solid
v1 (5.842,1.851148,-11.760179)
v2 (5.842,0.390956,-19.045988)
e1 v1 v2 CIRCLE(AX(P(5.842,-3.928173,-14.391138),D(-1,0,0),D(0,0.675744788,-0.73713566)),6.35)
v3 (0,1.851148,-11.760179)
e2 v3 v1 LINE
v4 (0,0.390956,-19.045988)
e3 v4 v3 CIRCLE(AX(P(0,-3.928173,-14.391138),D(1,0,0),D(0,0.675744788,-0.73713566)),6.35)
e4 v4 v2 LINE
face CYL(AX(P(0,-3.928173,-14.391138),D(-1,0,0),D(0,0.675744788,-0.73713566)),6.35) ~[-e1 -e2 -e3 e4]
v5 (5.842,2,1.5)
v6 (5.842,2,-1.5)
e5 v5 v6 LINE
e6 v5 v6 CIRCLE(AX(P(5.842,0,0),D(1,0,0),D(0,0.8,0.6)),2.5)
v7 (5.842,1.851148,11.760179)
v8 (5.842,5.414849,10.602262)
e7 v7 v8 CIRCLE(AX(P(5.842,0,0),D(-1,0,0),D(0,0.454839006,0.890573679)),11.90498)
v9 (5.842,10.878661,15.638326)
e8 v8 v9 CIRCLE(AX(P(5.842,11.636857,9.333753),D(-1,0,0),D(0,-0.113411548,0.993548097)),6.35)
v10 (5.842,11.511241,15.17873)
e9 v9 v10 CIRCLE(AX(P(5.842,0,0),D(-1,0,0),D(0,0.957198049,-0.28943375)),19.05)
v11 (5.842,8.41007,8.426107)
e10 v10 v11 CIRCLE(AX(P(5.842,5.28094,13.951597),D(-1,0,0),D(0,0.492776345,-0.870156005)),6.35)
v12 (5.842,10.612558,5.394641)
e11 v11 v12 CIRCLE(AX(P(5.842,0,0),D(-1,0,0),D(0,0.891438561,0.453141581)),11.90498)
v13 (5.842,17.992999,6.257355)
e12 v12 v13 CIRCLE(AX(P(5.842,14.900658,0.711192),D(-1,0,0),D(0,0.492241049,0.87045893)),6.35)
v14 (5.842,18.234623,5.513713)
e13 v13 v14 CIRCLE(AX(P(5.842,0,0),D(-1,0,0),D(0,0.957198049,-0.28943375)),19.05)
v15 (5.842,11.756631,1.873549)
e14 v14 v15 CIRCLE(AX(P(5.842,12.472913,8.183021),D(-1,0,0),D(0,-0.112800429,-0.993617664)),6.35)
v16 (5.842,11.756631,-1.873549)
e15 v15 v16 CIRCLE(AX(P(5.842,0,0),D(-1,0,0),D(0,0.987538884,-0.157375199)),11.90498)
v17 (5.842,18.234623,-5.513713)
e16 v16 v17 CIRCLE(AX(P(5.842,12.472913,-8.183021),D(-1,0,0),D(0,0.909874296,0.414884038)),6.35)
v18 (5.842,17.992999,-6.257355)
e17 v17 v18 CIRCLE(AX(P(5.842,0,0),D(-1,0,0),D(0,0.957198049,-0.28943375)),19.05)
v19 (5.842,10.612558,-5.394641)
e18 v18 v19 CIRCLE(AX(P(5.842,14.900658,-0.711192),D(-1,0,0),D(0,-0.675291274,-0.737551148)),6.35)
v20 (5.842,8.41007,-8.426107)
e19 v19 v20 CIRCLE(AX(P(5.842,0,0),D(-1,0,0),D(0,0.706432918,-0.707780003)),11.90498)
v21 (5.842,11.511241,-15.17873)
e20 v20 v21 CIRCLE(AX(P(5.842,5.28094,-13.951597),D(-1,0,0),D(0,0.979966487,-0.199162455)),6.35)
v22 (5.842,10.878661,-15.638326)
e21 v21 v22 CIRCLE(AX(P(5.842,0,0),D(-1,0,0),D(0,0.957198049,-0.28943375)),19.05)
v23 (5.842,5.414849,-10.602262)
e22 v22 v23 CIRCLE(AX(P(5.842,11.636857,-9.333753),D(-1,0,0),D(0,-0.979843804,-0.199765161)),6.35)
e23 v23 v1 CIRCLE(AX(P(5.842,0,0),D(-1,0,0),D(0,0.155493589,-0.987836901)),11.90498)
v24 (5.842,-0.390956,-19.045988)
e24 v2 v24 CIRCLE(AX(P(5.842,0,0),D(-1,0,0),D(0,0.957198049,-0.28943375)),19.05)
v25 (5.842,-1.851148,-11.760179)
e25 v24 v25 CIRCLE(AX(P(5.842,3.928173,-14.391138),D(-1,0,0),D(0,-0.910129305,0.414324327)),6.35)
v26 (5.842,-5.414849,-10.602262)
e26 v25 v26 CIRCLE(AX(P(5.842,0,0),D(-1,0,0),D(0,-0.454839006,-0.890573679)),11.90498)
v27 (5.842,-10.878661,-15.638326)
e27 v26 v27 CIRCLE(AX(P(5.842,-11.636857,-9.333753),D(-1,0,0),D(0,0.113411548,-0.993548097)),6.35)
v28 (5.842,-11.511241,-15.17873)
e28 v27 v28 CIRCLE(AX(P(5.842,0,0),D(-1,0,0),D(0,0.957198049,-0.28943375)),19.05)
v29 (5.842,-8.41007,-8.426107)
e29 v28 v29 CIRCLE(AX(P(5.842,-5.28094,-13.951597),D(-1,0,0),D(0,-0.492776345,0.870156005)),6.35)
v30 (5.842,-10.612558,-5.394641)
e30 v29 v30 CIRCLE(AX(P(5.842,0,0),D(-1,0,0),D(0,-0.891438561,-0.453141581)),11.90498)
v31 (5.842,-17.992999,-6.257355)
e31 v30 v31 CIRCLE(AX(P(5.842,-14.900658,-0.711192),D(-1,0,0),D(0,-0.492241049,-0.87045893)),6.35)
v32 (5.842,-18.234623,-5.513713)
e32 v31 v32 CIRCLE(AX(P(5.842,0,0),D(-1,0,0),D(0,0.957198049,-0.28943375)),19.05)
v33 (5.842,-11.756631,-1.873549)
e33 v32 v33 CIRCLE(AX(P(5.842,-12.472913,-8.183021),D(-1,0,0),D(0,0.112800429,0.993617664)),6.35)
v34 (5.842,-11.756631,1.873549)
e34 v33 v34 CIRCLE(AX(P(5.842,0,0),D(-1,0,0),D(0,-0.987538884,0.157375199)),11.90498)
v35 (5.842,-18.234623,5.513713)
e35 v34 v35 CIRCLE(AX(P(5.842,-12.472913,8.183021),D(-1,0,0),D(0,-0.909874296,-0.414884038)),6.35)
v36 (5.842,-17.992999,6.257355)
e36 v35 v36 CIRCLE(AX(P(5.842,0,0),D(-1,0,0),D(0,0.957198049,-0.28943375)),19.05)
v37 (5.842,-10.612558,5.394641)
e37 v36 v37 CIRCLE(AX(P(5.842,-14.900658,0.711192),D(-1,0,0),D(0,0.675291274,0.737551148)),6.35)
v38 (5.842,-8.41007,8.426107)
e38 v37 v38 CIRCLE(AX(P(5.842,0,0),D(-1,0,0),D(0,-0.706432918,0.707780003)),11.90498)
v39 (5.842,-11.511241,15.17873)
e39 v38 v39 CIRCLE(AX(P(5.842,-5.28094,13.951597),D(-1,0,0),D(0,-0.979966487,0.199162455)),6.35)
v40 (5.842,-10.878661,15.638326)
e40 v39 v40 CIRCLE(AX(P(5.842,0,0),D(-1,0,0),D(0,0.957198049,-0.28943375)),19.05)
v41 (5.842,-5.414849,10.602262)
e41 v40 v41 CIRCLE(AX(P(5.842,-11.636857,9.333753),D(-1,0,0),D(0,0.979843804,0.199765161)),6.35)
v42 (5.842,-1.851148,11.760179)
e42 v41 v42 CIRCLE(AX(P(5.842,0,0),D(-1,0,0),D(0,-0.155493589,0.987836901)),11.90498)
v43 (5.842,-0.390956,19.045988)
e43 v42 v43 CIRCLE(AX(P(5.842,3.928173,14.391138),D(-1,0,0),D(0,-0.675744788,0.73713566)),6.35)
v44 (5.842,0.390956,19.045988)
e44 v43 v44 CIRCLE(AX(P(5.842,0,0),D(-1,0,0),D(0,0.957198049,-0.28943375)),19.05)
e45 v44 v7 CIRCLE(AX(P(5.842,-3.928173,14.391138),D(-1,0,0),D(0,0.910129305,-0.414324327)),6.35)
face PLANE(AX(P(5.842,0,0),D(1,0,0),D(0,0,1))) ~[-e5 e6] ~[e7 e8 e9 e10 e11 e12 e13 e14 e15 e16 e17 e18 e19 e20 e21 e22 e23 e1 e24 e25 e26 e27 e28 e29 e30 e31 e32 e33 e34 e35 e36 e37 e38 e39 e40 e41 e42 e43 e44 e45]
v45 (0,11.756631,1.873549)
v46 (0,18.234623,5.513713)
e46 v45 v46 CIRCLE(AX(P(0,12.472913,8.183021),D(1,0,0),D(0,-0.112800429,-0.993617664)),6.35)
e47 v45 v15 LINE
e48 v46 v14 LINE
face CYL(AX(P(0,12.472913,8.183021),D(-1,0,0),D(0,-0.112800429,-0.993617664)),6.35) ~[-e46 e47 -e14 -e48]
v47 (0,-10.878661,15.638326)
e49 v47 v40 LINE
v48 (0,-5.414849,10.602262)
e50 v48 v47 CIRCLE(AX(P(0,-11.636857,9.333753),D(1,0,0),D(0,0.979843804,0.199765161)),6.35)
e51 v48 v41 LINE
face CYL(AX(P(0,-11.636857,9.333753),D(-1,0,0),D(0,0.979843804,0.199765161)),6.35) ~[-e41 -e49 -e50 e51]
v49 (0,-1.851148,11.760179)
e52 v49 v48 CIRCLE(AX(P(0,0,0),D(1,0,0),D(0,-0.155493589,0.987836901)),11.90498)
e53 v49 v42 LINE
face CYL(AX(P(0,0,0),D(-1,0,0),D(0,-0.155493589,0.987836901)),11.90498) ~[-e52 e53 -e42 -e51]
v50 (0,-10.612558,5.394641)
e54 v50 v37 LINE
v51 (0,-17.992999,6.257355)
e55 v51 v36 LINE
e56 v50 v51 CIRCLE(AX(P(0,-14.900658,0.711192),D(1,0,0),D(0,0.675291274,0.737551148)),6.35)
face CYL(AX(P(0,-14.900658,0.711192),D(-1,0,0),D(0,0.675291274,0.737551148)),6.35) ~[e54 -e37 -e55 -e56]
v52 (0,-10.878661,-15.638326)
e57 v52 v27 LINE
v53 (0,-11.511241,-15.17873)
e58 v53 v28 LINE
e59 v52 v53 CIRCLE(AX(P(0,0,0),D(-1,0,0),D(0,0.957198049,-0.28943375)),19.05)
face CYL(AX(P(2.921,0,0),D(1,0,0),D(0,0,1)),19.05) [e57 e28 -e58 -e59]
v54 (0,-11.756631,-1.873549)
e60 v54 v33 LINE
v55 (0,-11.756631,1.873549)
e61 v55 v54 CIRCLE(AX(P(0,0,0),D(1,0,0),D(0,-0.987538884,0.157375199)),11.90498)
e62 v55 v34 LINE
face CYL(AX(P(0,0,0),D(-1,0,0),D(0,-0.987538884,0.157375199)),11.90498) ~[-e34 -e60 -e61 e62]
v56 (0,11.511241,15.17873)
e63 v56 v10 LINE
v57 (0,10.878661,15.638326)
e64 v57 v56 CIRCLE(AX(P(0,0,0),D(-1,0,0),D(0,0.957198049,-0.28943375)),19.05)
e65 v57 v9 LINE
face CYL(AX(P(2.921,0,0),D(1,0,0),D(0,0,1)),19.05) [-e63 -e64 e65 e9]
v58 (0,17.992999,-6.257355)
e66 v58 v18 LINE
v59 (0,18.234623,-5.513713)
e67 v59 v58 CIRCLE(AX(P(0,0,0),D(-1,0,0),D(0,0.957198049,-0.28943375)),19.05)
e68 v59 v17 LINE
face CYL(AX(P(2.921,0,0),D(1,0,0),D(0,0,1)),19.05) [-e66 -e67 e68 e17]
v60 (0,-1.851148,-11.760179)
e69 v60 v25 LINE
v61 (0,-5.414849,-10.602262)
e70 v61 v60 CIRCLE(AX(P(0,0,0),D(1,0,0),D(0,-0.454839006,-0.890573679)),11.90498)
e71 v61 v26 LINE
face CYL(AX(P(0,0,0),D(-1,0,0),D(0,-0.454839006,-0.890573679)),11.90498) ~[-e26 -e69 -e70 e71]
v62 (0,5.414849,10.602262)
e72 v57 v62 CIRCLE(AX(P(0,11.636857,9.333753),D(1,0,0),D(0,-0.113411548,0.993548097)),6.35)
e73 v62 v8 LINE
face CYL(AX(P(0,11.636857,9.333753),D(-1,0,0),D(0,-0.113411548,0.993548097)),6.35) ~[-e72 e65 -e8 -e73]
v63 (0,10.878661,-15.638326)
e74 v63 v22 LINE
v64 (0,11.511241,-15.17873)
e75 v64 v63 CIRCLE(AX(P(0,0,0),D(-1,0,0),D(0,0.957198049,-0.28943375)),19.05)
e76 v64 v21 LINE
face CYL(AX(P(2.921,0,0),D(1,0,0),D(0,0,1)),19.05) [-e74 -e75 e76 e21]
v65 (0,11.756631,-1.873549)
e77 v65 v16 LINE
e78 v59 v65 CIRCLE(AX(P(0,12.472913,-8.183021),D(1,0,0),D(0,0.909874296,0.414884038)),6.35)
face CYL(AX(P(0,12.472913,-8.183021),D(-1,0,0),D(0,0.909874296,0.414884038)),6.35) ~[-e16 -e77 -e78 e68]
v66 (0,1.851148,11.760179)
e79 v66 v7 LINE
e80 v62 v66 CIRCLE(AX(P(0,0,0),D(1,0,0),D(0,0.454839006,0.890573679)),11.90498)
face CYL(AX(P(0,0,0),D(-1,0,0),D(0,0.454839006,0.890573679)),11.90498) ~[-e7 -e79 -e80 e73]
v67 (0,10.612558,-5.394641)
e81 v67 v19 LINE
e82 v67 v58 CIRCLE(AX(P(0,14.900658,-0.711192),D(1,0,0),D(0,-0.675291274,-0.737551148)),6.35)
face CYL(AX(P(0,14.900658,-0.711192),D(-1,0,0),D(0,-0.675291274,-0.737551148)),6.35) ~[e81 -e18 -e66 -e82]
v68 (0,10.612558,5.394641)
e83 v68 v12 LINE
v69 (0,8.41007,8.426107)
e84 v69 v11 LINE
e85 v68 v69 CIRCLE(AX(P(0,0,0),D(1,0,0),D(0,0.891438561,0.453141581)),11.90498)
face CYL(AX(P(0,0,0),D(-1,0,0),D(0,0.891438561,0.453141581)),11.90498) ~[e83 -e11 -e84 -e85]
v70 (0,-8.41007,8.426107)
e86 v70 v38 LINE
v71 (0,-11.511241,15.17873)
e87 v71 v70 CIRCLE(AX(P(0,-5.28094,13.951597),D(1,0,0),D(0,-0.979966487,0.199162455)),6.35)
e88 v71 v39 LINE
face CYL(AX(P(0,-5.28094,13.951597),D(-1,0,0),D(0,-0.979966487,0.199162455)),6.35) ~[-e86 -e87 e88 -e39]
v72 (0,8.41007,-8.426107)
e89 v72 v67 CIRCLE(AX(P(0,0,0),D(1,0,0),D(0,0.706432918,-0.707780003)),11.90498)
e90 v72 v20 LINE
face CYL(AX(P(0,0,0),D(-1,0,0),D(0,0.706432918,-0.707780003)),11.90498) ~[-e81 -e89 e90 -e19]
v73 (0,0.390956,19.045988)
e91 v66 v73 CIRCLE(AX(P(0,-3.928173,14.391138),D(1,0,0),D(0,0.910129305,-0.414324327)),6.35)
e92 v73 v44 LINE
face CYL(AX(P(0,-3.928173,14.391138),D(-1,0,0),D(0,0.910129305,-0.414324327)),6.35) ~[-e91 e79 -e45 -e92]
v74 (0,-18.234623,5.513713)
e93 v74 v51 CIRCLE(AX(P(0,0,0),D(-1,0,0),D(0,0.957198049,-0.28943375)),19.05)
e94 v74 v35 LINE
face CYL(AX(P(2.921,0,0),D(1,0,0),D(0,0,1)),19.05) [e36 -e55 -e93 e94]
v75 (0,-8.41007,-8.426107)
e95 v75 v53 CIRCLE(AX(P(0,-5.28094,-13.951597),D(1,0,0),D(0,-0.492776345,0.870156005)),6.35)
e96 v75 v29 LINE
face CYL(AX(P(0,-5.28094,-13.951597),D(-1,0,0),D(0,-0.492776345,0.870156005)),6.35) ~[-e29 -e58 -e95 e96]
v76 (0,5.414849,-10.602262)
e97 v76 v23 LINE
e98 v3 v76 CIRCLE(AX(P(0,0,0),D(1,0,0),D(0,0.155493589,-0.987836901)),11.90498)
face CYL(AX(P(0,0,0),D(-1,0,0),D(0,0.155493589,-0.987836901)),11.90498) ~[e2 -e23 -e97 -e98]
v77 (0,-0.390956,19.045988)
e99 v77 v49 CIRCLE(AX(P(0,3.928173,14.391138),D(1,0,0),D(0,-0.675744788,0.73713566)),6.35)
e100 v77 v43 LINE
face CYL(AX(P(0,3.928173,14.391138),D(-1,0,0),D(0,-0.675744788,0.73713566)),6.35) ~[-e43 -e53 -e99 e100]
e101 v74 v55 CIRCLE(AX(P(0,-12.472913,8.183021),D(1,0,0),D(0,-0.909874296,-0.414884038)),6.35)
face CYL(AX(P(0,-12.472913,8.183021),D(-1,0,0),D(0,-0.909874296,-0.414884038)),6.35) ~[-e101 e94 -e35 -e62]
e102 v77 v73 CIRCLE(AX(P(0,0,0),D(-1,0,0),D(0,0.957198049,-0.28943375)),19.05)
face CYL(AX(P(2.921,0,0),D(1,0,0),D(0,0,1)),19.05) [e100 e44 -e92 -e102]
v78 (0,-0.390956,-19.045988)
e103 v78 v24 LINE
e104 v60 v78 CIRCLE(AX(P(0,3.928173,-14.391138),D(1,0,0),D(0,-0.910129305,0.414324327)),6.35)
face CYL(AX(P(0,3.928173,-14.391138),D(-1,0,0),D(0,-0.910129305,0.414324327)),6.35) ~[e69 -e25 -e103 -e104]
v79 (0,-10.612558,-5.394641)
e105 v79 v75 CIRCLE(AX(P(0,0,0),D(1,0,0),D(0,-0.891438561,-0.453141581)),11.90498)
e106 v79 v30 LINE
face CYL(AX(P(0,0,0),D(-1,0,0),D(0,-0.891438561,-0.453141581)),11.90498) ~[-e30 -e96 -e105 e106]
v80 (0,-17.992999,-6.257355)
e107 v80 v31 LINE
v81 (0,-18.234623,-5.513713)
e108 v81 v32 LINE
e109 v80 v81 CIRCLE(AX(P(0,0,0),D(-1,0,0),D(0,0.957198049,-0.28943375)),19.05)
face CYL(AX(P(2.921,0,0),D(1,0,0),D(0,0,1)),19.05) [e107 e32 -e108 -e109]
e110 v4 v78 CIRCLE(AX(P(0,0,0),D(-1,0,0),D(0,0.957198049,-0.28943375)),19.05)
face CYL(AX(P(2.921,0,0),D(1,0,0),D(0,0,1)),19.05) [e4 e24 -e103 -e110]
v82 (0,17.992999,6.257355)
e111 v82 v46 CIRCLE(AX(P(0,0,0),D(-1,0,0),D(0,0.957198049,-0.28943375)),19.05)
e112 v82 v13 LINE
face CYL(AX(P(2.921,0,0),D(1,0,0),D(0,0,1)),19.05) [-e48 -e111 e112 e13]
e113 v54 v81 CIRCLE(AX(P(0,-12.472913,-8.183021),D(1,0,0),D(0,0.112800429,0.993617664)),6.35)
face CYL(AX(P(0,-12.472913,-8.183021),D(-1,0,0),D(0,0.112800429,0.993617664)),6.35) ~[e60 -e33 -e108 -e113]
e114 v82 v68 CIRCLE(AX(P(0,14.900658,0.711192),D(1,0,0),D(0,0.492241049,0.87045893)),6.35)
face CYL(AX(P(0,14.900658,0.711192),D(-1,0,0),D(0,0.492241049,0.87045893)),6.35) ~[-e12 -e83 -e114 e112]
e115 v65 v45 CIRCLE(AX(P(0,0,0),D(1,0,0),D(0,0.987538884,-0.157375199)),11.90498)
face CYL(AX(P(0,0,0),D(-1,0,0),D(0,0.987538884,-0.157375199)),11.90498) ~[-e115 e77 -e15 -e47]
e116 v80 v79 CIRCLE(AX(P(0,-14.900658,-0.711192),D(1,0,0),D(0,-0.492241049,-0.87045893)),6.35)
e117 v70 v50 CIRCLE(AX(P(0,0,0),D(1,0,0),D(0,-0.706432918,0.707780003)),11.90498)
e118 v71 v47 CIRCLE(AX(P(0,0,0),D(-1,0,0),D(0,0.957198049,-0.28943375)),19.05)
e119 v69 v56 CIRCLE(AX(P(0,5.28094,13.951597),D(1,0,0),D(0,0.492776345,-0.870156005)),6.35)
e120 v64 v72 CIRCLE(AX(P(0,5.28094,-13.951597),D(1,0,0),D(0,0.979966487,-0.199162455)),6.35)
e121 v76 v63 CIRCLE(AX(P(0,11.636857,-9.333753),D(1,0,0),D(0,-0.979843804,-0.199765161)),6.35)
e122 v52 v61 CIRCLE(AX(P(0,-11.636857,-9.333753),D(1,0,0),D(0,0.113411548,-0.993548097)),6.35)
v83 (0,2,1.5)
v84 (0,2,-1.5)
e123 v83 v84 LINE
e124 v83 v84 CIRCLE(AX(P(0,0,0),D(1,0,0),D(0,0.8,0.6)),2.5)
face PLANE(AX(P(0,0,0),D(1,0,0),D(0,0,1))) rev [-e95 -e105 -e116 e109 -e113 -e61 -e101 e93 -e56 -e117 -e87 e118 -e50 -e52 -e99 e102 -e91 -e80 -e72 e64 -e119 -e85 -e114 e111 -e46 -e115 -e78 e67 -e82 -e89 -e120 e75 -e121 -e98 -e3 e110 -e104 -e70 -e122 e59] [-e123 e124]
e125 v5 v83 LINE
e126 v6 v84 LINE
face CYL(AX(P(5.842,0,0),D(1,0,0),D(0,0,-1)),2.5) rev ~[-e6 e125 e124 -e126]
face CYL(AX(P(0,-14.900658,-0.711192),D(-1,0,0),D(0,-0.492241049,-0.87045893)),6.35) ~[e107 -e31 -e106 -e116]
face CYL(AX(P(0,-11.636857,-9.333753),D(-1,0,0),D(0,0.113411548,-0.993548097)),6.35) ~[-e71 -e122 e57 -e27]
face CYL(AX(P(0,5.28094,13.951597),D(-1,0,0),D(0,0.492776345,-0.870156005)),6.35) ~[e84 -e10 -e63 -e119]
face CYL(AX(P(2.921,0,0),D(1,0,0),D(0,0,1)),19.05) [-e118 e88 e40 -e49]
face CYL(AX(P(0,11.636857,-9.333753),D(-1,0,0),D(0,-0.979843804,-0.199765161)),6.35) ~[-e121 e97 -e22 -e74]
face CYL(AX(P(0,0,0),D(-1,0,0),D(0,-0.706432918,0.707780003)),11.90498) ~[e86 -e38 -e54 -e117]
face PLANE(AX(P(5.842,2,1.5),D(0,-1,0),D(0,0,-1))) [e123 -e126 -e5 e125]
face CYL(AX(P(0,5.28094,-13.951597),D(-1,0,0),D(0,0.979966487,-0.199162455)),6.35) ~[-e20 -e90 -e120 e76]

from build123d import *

# Parameters (mm, degrees)
BASPROSKE_W         = 5.842
BASPROSKE_H         = 19.05
TOOTHCUT_DEPTH      = 28.566899789
TEETHCUTS_COUNT     = 10
TEETHCUTS_ANGLE     = 324
BORSKE_R            = 2.38125
BORE_DEPTH          = 50.8000508
SKETCH1_R           = 2.5
CUT_EXTRUDE1_DEPTH  = 5.842
BOSS_EXTRUDE1_DEPTH = 5.842


with BuildPart() as part:
    # BasProSke → Base-Revolve (revolve)
    with BuildSketch(Plane(origin=(0, 0, 0), x_dir=(1, 0, 0), z_dir=(0, 1, 0)), mode=Mode.PRIVATE) as base_revolve_sk:
        with Locations((2.921, 9.525)):
            Rectangle(BASPROSKE_W, BASPROSKE_H)
    revolve(base_revolve_sk.sketch.rotate(Axis((-10, 0, 0), (1, 0, 0)), 180), axis=Axis((-10, 0, 0), (1, 0, 0)))

    # TooCutSke → ToothCut (cut, through all)
    with BuildSketch(Plane(origin=(0, 0, 0), x_dir=(0, 0, -1), z_dir=(1, 0, 0))):
        with BuildLine():
            ThreePointArc((1.873548596, 11.756630659), (0, 11.90498), (-1.873548596, 11.756630659))
            ThreePointArc((-1.873548596, 11.756630659), (-2.656568084, 15.60034376), (-5.548507123, 18.250615164))
            ThreePointArc((-5.548507123, 18.250615164), (0, 19.0754), (5.548507123, 18.250615164))
            ThreePointArc((5.548507123, 18.250615164), (2.656568084, 15.60034376), (1.873548596, 11.756630659))
        make_face()
    toothcut = extrude(amount=TOOTHCUT_DEPTH, mode=Mode.SUBTRACT)

    # TeethCuts: ToothCut ×10 about axis
    teethcuts_axis = Axis((-10, 0, 0), (1, 0, 0))
    for i in range(1, TEETHCUTS_COUNT):
        add(toothcut.rotate(teethcuts_axis, i * TEETHCUTS_ANGLE / (TEETHCUTS_COUNT - 1)), mode=Mode.SUBTRACT)

    # BorSke → Bore (cut, symmetric)
    with BuildSketch(Plane(origin=(0, 0, 0), x_dir=(0, 0, -1), z_dir=(1, 0, 0))):
        with Locations(Location((0, 0, 0), (0, 0, 180))):
            Circle(BORSKE_R)
    extrude(amount=BORE_DEPTH, both=True, mode=Mode.SUBTRACT)

    # Sketch1 → Cut-Extrude1 (cut)
    with BuildSketch(Plane(origin=(5.842, 0, 0), x_dir=(0, 0, -1), z_dir=(1, 0, 0))):
        Circle(SKETCH1_R)
    extrude(amount=-CUT_EXTRUDE1_DEPTH, mode=Mode.SUBTRACT)

    # Sketch2 → Boss-Extrude1 (add)
    with BuildSketch(Plane(origin=(5.842, 0, 0), x_dir=(0, 0, -1), z_dir=(1, 0, 0))):
        with BuildLine():
            Line((-1.5, 2), (1.5, 2))
            ThreePointArc((1.5, 2), (0, 2.5), (-1.5, 2))
        make_face()
    extrude(amount=-BOSS_EXTRUDE1_DEPTH)


solid = part.part
